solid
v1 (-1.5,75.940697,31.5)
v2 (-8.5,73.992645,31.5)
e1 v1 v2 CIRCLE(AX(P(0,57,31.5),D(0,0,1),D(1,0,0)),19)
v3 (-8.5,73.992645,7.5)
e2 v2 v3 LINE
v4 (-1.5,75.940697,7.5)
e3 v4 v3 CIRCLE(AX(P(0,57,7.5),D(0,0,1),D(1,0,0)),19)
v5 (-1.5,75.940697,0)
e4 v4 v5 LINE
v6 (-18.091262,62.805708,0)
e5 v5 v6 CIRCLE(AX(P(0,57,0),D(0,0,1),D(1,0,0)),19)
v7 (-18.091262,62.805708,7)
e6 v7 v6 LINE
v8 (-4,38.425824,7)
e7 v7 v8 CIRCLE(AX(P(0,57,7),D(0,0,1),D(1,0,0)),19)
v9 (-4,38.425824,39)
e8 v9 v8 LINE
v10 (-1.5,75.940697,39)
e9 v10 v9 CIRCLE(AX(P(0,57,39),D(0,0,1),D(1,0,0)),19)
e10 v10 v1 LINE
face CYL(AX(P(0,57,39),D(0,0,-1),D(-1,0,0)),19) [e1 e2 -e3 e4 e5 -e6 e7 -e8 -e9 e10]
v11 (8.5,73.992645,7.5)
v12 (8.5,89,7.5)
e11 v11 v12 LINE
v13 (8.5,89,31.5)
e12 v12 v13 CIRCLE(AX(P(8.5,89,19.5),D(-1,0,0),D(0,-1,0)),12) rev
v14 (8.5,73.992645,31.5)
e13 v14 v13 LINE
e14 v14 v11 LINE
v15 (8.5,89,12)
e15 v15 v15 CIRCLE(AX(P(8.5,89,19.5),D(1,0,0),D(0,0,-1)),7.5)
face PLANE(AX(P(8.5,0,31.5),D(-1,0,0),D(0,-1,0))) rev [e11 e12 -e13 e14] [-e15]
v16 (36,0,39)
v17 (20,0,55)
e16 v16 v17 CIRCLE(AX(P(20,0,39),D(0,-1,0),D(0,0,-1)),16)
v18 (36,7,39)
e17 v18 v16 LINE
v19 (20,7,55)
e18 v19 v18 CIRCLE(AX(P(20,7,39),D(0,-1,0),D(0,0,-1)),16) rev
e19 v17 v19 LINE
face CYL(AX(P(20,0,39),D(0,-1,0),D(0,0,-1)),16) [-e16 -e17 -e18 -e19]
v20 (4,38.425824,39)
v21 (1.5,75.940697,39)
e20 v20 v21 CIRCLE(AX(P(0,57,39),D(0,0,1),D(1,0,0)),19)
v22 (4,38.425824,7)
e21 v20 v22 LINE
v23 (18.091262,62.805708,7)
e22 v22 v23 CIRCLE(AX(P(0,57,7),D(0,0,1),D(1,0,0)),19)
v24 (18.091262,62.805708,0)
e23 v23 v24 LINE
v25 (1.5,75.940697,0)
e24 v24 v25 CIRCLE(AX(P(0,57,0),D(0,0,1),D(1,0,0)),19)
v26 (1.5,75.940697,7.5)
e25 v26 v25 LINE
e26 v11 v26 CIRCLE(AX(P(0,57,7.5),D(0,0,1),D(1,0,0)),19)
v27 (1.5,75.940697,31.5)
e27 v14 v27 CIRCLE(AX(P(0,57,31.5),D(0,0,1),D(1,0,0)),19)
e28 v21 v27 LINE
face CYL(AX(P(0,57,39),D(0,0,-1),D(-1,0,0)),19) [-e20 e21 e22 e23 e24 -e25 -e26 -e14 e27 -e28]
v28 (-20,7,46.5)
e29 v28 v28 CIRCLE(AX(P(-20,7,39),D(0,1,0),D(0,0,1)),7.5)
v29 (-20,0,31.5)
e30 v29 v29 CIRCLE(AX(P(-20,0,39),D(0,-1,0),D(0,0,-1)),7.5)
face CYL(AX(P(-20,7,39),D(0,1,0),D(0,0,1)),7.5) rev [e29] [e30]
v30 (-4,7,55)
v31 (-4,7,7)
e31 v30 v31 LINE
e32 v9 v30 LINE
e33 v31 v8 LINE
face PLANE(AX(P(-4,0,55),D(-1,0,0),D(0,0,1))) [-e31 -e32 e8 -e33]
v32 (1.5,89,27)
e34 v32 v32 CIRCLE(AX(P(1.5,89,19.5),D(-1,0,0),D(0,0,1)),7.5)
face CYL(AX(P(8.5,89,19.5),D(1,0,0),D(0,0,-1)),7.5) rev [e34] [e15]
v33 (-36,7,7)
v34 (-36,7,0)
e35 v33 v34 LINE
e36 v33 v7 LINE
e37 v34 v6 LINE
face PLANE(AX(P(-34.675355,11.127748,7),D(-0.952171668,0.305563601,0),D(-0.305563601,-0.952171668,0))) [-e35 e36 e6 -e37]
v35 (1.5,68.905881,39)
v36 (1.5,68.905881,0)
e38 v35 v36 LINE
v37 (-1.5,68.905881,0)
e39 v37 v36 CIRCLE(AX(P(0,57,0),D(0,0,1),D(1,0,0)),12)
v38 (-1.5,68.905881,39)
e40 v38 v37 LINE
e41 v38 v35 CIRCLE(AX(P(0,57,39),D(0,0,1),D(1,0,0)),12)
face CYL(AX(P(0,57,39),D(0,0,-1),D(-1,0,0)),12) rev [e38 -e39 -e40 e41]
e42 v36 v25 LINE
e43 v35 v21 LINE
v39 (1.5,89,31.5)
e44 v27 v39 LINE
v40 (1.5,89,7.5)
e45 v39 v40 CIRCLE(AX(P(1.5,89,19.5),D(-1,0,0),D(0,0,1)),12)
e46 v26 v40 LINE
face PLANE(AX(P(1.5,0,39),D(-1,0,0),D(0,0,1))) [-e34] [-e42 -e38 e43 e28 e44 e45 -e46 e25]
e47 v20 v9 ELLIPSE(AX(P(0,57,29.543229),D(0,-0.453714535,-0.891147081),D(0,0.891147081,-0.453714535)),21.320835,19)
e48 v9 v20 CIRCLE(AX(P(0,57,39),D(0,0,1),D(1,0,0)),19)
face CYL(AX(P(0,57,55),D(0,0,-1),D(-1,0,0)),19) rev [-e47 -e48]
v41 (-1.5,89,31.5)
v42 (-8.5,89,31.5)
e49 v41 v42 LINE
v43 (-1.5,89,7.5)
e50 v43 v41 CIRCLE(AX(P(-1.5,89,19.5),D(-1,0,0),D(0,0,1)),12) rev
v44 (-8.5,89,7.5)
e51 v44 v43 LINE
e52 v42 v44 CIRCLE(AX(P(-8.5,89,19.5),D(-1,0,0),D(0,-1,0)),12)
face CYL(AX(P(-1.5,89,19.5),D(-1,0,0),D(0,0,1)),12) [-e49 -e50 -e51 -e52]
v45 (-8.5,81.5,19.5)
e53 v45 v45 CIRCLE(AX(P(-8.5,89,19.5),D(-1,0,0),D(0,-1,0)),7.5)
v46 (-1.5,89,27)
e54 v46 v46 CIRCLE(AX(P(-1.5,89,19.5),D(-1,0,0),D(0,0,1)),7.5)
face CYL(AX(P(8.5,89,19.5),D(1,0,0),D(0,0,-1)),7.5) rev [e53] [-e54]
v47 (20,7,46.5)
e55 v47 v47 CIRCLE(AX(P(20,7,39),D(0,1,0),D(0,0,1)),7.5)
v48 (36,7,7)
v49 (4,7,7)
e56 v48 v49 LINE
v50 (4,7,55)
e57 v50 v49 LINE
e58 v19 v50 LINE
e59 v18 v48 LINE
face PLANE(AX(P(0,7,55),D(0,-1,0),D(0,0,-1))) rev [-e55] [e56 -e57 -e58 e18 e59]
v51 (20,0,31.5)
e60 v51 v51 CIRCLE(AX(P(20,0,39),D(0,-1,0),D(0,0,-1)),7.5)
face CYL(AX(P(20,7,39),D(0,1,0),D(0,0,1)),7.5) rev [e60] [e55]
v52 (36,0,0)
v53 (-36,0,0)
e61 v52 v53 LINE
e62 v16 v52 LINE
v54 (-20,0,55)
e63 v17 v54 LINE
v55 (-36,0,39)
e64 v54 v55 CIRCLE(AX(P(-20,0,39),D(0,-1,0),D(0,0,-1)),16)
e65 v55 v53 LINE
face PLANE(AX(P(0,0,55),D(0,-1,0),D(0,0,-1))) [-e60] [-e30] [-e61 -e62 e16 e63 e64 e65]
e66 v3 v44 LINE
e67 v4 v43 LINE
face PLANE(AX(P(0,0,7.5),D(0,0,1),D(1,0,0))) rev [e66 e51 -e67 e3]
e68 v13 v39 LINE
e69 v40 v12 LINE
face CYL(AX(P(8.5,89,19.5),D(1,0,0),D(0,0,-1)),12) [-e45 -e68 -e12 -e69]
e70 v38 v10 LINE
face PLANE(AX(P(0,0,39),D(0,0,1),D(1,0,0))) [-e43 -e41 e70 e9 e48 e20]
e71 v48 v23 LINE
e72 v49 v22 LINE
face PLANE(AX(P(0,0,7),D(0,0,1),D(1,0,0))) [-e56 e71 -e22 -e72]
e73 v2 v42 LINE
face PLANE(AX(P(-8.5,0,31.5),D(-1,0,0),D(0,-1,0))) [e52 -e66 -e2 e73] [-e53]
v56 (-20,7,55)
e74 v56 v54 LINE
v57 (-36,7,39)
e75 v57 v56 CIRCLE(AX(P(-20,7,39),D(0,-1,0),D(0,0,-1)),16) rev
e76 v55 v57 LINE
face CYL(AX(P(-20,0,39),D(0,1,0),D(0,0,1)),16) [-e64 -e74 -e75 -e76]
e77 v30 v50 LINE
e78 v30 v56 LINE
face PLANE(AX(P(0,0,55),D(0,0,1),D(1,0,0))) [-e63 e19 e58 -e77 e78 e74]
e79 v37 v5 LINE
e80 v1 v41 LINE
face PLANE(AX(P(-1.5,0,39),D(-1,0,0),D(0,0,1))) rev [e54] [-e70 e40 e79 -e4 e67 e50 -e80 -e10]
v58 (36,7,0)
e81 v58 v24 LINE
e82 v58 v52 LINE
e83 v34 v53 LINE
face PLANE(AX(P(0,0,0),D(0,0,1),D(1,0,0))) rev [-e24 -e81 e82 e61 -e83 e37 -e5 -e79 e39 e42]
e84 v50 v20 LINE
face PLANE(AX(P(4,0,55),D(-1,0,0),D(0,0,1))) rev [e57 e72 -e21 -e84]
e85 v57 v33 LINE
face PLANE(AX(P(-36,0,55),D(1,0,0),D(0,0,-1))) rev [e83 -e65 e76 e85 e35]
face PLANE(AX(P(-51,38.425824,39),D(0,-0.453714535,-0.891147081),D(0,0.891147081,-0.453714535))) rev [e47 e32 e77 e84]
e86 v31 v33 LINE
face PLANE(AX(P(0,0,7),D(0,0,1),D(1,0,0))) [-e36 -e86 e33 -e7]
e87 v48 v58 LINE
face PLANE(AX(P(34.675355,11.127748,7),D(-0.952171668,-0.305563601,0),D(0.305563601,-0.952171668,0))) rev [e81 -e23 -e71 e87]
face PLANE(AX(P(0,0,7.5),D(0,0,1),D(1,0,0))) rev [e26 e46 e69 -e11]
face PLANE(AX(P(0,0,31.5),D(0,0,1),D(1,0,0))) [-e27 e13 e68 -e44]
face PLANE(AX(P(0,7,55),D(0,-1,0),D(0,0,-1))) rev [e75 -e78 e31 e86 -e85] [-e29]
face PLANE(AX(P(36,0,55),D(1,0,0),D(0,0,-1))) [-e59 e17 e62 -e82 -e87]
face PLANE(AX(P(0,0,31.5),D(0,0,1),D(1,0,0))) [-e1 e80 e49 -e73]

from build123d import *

# Parameters (mm, degrees)
SKETCH1_W                  = 72
SKETCH1_H                  = 7
BOSS_EXTRUDE1_DEPTH        = 55
BOSS_EXTRUDE2_DEPTH        = 7
BOSS_EXTRUDE3_DEPTH        = 39
BOSS_EXTRUDE4_START        = 7.5
BOSS_EXTRUDE4_DEPTH        = 24
BOSS_EXTRUDE5_DEPTH        = 55
FILLET3_RADIUS             = 12
FILLET3_LENGTH             = 7
FILLET4_RADIUS             = 12
FILLET4_LENGTH             = 7
CUT_EXTRUDE1_DEPTH         = 55
F_12_0MM_DOWEL_HOLE1_D     = 15
F_12_0MM_DOWEL_HOLE1_DEPTH = 30
F_12_0MM_DOWEL_HOLE1_TIP   = 4.506454643
FILLET5_R                  = 16
F_12_0MM_DOWEL_HOLE2_D     = 15
F_12_0MM_DOWEL_HOLE2_DEPTH = 30
F_12_0MM_DOWEL_HOLE2_TIP   = 4.506454643


with BuildPart() as part:
    # Sketch1 → Boss-Extrude1 (new body)
    with BuildSketch(Plane.XY):
        with Locations((0, 3.5)):
            Rectangle(SKETCH1_W, SKETCH1_H)
    extrude(amount=BOSS_EXTRUDE1_DEPTH)

    # Sketch1<3> → Boss-Extrude2 (add)
    with BuildSketch(Plane.XY):
        with BuildLine():
            Line((36, 7), (18.091261695, 62.805708421))
            ThreePointArc((18.091261695, 62.805708421), (16.449943687, 47.492142581), (4, 38.425824379))
            Line((4, 38.425824379), (4, 7))
            Line((4, 7), (36, 7))
        make_face()
        with BuildLine():
            ThreePointArc((-4, 38.425824379), (-16.449943687, 47.492142581), (-18.091261695, 62.805708421))
            Line((-18.091261695, 62.805708421), (-36, 7))
            Line((-36, 7), (-4, 7))
            Line((-4, 7), (-4, 38.425824379))
        make_face()
    extrude(amount=BOSS_EXTRUDE2_DEPTH)

    # Sketch1<4> → Boss-Extrude3 (add)
    with BuildSketch(Plane.XY):
        with BuildLine():
            ThreePointArc((-1.5, 68.9058809), (0, 45), (1.5, 68.9058809))
            Line((1.5, 68.9058809), (1.5, 75.940696925))
            ThreePointArc((1.5, 75.940696925), (0, 38), (-1.5, 75.940696925))
            Line((-1.5, 75.940696925), (-1.5, 68.9058809))
        make_face()
    extrude(amount=BOSS_EXTRUDE3_DEPTH)

    # Sketch1<5> → Boss-Extrude4 (add)
    with BuildSketch(Plane.XY.offset(BOSS_EXTRUDE4_START)):
        with BuildLine():
            Line((1.5, 101), (1.5, 75.940696925))
            ThreePointArc((1.5, 75.940696925), (5.093989215, 75.30440586), (8.5, 73.992645468))
            Line((8.5, 73.992645468), (8.5, 101))
            Line((8.5, 101), (1.5, 101))
        make_face()
        with BuildLine():
            ThreePointArc((-8.5, 73.992645468), (-5.093989215, 75.30440586), (-1.5, 75.940696925))
            Line((-1.5, 75.940696925), (-1.5, 101))
            Line((-1.5, 101), (-8.5, 101))
            Line((-8.5, 101), (-8.5, 73.992645468))
        make_face()
    extrude(amount=BOSS_EXTRUDE4_DEPTH)

    # Sketch1<6> → Boss-Extrude5 (add)
    with BuildSketch(Plane.XY):
        with BuildLine():
            ThreePointArc((4, 38.425824379), (0, 38), (-4, 38.425824379))
            Line((-4, 38.425824379), (-4, 7))
            Line((-4, 7), (4, 7))
            Line((4, 7), (4, 38.425824379))
        make_face()
    extrude(amount=BOSS_EXTRUDE5_DEPTH)

    # Fillet3: full round fillet: the end face becomes a half cylinder, R = half its width
    fillet3_face = Plane((5, 101, 19.5), x_dir=(1, 0, 0), z_dir=(0, 1, 0))  # on the end face: x along it, z out of the body
    fillet3_slab = fillet3_face.offset(-FILLET3_RADIUS / 2) * Box(FILLET3_LENGTH, 2 * FILLET3_RADIUS, FILLET3_RADIUS, mode=Mode.PRIVATE)  # the body's end, R deep
    fillet3_round = Plane((5, 89, 19.5), x_dir=(0, 1, 0), z_dir=(1, 0, 0)) * Cylinder(FILLET3_RADIUS, FILLET3_LENGTH, mode=Mode.PRIVATE)  # its axis R under the face
    add(fillet3_slab - fillet3_round, mode=Mode.SUBTRACT)

    # Fillet4: full round fillet: the end face becomes a half cylinder, R = half its width
    fillet4_face = Plane((-5, 101, 19.5), x_dir=(-1, 0, 0), z_dir=(0, 1, 0))  # on the end face: x along it, z out of the body
    fillet4_slab = fillet4_face.offset(-FILLET4_RADIUS / 2) * Box(FILLET4_LENGTH, 2 * FILLET4_RADIUS, FILLET4_RADIUS, mode=Mode.PRIVATE)  # the body's end, R deep
    fillet4_round = Plane((-5, 89, 19.5), x_dir=(0, 1, 0), z_dir=(-1, 0, 0)) * Cylinder(FILLET4_RADIUS, FILLET4_LENGTH, mode=Mode.PRIVATE)  # its axis R under the face
    add(fillet4_slab - fillet4_round, mode=Mode.SUBTRACT)

    # Sketch2 → Cut-Extrude1 (cut)
    with BuildSketch(Plane(origin=(4, 0, 0), x_dir=(0, 0, -1), z_dir=(1, 0, 0))):
        Polygon((-39, 38.425824379), (-55, 7), (-55, 38.425824379), align=None)
    extrude(amount=-CUT_EXTRUDE1_DEPTH, mode=Mode.SUBTRACT)

    # Ø12.0mm Dowel Hole1
    with Locations(Plane(origin=(8.5, 89, 19.5), x_dir=(0, 1, 0), z_dir=(1, 0, 0))):
        with Locations((0, 0)):
            Hole(F_12_0MM_DOWEL_HOLE1_D / 2, depth=F_12_0MM_DOWEL_HOLE1_DEPTH)
            with Locations((0, 0, -(F_12_0MM_DOWEL_HOLE1_DEPTH + F_12_0MM_DOWEL_HOLE1_TIP / 2))):  # 118° drill point
                Cone(0, F_12_0MM_DOWEL_HOLE1_D / 2, F_12_0MM_DOWEL_HOLE1_TIP, mode=Mode.SUBTRACT)

    # Fillet5
    fillet5_edges = [part.edges().sort_by_distance(p)[0] for p in [
        (-36, 3.5, 55),
        (36, 3.5, 55),
    ]]
    fillet(fillet5_edges, radius=FILLET5_R)

    # Ø12.0mm Dowel Hole2
    with Locations(Plane(origin=(20, 7, 39), x_dir=(0, 0, 1), z_dir=(0, 1, 0))):
        with Locations((0, 0), (0, -40)):
            Hole(F_12_0MM_DOWEL_HOLE2_D / 2, depth=F_12_0MM_DOWEL_HOLE2_DEPTH)
            with Locations((0, 0, -(F_12_0MM_DOWEL_HOLE2_DEPTH + F_12_0MM_DOWEL_HOLE2_TIP / 2))):  # 118° drill point
                Cone(0, F_12_0MM_DOWEL_HOLE2_D / 2, F_12_0MM_DOWEL_HOLE2_TIP, mode=Mode.SUBTRACT)


solid = part.part
